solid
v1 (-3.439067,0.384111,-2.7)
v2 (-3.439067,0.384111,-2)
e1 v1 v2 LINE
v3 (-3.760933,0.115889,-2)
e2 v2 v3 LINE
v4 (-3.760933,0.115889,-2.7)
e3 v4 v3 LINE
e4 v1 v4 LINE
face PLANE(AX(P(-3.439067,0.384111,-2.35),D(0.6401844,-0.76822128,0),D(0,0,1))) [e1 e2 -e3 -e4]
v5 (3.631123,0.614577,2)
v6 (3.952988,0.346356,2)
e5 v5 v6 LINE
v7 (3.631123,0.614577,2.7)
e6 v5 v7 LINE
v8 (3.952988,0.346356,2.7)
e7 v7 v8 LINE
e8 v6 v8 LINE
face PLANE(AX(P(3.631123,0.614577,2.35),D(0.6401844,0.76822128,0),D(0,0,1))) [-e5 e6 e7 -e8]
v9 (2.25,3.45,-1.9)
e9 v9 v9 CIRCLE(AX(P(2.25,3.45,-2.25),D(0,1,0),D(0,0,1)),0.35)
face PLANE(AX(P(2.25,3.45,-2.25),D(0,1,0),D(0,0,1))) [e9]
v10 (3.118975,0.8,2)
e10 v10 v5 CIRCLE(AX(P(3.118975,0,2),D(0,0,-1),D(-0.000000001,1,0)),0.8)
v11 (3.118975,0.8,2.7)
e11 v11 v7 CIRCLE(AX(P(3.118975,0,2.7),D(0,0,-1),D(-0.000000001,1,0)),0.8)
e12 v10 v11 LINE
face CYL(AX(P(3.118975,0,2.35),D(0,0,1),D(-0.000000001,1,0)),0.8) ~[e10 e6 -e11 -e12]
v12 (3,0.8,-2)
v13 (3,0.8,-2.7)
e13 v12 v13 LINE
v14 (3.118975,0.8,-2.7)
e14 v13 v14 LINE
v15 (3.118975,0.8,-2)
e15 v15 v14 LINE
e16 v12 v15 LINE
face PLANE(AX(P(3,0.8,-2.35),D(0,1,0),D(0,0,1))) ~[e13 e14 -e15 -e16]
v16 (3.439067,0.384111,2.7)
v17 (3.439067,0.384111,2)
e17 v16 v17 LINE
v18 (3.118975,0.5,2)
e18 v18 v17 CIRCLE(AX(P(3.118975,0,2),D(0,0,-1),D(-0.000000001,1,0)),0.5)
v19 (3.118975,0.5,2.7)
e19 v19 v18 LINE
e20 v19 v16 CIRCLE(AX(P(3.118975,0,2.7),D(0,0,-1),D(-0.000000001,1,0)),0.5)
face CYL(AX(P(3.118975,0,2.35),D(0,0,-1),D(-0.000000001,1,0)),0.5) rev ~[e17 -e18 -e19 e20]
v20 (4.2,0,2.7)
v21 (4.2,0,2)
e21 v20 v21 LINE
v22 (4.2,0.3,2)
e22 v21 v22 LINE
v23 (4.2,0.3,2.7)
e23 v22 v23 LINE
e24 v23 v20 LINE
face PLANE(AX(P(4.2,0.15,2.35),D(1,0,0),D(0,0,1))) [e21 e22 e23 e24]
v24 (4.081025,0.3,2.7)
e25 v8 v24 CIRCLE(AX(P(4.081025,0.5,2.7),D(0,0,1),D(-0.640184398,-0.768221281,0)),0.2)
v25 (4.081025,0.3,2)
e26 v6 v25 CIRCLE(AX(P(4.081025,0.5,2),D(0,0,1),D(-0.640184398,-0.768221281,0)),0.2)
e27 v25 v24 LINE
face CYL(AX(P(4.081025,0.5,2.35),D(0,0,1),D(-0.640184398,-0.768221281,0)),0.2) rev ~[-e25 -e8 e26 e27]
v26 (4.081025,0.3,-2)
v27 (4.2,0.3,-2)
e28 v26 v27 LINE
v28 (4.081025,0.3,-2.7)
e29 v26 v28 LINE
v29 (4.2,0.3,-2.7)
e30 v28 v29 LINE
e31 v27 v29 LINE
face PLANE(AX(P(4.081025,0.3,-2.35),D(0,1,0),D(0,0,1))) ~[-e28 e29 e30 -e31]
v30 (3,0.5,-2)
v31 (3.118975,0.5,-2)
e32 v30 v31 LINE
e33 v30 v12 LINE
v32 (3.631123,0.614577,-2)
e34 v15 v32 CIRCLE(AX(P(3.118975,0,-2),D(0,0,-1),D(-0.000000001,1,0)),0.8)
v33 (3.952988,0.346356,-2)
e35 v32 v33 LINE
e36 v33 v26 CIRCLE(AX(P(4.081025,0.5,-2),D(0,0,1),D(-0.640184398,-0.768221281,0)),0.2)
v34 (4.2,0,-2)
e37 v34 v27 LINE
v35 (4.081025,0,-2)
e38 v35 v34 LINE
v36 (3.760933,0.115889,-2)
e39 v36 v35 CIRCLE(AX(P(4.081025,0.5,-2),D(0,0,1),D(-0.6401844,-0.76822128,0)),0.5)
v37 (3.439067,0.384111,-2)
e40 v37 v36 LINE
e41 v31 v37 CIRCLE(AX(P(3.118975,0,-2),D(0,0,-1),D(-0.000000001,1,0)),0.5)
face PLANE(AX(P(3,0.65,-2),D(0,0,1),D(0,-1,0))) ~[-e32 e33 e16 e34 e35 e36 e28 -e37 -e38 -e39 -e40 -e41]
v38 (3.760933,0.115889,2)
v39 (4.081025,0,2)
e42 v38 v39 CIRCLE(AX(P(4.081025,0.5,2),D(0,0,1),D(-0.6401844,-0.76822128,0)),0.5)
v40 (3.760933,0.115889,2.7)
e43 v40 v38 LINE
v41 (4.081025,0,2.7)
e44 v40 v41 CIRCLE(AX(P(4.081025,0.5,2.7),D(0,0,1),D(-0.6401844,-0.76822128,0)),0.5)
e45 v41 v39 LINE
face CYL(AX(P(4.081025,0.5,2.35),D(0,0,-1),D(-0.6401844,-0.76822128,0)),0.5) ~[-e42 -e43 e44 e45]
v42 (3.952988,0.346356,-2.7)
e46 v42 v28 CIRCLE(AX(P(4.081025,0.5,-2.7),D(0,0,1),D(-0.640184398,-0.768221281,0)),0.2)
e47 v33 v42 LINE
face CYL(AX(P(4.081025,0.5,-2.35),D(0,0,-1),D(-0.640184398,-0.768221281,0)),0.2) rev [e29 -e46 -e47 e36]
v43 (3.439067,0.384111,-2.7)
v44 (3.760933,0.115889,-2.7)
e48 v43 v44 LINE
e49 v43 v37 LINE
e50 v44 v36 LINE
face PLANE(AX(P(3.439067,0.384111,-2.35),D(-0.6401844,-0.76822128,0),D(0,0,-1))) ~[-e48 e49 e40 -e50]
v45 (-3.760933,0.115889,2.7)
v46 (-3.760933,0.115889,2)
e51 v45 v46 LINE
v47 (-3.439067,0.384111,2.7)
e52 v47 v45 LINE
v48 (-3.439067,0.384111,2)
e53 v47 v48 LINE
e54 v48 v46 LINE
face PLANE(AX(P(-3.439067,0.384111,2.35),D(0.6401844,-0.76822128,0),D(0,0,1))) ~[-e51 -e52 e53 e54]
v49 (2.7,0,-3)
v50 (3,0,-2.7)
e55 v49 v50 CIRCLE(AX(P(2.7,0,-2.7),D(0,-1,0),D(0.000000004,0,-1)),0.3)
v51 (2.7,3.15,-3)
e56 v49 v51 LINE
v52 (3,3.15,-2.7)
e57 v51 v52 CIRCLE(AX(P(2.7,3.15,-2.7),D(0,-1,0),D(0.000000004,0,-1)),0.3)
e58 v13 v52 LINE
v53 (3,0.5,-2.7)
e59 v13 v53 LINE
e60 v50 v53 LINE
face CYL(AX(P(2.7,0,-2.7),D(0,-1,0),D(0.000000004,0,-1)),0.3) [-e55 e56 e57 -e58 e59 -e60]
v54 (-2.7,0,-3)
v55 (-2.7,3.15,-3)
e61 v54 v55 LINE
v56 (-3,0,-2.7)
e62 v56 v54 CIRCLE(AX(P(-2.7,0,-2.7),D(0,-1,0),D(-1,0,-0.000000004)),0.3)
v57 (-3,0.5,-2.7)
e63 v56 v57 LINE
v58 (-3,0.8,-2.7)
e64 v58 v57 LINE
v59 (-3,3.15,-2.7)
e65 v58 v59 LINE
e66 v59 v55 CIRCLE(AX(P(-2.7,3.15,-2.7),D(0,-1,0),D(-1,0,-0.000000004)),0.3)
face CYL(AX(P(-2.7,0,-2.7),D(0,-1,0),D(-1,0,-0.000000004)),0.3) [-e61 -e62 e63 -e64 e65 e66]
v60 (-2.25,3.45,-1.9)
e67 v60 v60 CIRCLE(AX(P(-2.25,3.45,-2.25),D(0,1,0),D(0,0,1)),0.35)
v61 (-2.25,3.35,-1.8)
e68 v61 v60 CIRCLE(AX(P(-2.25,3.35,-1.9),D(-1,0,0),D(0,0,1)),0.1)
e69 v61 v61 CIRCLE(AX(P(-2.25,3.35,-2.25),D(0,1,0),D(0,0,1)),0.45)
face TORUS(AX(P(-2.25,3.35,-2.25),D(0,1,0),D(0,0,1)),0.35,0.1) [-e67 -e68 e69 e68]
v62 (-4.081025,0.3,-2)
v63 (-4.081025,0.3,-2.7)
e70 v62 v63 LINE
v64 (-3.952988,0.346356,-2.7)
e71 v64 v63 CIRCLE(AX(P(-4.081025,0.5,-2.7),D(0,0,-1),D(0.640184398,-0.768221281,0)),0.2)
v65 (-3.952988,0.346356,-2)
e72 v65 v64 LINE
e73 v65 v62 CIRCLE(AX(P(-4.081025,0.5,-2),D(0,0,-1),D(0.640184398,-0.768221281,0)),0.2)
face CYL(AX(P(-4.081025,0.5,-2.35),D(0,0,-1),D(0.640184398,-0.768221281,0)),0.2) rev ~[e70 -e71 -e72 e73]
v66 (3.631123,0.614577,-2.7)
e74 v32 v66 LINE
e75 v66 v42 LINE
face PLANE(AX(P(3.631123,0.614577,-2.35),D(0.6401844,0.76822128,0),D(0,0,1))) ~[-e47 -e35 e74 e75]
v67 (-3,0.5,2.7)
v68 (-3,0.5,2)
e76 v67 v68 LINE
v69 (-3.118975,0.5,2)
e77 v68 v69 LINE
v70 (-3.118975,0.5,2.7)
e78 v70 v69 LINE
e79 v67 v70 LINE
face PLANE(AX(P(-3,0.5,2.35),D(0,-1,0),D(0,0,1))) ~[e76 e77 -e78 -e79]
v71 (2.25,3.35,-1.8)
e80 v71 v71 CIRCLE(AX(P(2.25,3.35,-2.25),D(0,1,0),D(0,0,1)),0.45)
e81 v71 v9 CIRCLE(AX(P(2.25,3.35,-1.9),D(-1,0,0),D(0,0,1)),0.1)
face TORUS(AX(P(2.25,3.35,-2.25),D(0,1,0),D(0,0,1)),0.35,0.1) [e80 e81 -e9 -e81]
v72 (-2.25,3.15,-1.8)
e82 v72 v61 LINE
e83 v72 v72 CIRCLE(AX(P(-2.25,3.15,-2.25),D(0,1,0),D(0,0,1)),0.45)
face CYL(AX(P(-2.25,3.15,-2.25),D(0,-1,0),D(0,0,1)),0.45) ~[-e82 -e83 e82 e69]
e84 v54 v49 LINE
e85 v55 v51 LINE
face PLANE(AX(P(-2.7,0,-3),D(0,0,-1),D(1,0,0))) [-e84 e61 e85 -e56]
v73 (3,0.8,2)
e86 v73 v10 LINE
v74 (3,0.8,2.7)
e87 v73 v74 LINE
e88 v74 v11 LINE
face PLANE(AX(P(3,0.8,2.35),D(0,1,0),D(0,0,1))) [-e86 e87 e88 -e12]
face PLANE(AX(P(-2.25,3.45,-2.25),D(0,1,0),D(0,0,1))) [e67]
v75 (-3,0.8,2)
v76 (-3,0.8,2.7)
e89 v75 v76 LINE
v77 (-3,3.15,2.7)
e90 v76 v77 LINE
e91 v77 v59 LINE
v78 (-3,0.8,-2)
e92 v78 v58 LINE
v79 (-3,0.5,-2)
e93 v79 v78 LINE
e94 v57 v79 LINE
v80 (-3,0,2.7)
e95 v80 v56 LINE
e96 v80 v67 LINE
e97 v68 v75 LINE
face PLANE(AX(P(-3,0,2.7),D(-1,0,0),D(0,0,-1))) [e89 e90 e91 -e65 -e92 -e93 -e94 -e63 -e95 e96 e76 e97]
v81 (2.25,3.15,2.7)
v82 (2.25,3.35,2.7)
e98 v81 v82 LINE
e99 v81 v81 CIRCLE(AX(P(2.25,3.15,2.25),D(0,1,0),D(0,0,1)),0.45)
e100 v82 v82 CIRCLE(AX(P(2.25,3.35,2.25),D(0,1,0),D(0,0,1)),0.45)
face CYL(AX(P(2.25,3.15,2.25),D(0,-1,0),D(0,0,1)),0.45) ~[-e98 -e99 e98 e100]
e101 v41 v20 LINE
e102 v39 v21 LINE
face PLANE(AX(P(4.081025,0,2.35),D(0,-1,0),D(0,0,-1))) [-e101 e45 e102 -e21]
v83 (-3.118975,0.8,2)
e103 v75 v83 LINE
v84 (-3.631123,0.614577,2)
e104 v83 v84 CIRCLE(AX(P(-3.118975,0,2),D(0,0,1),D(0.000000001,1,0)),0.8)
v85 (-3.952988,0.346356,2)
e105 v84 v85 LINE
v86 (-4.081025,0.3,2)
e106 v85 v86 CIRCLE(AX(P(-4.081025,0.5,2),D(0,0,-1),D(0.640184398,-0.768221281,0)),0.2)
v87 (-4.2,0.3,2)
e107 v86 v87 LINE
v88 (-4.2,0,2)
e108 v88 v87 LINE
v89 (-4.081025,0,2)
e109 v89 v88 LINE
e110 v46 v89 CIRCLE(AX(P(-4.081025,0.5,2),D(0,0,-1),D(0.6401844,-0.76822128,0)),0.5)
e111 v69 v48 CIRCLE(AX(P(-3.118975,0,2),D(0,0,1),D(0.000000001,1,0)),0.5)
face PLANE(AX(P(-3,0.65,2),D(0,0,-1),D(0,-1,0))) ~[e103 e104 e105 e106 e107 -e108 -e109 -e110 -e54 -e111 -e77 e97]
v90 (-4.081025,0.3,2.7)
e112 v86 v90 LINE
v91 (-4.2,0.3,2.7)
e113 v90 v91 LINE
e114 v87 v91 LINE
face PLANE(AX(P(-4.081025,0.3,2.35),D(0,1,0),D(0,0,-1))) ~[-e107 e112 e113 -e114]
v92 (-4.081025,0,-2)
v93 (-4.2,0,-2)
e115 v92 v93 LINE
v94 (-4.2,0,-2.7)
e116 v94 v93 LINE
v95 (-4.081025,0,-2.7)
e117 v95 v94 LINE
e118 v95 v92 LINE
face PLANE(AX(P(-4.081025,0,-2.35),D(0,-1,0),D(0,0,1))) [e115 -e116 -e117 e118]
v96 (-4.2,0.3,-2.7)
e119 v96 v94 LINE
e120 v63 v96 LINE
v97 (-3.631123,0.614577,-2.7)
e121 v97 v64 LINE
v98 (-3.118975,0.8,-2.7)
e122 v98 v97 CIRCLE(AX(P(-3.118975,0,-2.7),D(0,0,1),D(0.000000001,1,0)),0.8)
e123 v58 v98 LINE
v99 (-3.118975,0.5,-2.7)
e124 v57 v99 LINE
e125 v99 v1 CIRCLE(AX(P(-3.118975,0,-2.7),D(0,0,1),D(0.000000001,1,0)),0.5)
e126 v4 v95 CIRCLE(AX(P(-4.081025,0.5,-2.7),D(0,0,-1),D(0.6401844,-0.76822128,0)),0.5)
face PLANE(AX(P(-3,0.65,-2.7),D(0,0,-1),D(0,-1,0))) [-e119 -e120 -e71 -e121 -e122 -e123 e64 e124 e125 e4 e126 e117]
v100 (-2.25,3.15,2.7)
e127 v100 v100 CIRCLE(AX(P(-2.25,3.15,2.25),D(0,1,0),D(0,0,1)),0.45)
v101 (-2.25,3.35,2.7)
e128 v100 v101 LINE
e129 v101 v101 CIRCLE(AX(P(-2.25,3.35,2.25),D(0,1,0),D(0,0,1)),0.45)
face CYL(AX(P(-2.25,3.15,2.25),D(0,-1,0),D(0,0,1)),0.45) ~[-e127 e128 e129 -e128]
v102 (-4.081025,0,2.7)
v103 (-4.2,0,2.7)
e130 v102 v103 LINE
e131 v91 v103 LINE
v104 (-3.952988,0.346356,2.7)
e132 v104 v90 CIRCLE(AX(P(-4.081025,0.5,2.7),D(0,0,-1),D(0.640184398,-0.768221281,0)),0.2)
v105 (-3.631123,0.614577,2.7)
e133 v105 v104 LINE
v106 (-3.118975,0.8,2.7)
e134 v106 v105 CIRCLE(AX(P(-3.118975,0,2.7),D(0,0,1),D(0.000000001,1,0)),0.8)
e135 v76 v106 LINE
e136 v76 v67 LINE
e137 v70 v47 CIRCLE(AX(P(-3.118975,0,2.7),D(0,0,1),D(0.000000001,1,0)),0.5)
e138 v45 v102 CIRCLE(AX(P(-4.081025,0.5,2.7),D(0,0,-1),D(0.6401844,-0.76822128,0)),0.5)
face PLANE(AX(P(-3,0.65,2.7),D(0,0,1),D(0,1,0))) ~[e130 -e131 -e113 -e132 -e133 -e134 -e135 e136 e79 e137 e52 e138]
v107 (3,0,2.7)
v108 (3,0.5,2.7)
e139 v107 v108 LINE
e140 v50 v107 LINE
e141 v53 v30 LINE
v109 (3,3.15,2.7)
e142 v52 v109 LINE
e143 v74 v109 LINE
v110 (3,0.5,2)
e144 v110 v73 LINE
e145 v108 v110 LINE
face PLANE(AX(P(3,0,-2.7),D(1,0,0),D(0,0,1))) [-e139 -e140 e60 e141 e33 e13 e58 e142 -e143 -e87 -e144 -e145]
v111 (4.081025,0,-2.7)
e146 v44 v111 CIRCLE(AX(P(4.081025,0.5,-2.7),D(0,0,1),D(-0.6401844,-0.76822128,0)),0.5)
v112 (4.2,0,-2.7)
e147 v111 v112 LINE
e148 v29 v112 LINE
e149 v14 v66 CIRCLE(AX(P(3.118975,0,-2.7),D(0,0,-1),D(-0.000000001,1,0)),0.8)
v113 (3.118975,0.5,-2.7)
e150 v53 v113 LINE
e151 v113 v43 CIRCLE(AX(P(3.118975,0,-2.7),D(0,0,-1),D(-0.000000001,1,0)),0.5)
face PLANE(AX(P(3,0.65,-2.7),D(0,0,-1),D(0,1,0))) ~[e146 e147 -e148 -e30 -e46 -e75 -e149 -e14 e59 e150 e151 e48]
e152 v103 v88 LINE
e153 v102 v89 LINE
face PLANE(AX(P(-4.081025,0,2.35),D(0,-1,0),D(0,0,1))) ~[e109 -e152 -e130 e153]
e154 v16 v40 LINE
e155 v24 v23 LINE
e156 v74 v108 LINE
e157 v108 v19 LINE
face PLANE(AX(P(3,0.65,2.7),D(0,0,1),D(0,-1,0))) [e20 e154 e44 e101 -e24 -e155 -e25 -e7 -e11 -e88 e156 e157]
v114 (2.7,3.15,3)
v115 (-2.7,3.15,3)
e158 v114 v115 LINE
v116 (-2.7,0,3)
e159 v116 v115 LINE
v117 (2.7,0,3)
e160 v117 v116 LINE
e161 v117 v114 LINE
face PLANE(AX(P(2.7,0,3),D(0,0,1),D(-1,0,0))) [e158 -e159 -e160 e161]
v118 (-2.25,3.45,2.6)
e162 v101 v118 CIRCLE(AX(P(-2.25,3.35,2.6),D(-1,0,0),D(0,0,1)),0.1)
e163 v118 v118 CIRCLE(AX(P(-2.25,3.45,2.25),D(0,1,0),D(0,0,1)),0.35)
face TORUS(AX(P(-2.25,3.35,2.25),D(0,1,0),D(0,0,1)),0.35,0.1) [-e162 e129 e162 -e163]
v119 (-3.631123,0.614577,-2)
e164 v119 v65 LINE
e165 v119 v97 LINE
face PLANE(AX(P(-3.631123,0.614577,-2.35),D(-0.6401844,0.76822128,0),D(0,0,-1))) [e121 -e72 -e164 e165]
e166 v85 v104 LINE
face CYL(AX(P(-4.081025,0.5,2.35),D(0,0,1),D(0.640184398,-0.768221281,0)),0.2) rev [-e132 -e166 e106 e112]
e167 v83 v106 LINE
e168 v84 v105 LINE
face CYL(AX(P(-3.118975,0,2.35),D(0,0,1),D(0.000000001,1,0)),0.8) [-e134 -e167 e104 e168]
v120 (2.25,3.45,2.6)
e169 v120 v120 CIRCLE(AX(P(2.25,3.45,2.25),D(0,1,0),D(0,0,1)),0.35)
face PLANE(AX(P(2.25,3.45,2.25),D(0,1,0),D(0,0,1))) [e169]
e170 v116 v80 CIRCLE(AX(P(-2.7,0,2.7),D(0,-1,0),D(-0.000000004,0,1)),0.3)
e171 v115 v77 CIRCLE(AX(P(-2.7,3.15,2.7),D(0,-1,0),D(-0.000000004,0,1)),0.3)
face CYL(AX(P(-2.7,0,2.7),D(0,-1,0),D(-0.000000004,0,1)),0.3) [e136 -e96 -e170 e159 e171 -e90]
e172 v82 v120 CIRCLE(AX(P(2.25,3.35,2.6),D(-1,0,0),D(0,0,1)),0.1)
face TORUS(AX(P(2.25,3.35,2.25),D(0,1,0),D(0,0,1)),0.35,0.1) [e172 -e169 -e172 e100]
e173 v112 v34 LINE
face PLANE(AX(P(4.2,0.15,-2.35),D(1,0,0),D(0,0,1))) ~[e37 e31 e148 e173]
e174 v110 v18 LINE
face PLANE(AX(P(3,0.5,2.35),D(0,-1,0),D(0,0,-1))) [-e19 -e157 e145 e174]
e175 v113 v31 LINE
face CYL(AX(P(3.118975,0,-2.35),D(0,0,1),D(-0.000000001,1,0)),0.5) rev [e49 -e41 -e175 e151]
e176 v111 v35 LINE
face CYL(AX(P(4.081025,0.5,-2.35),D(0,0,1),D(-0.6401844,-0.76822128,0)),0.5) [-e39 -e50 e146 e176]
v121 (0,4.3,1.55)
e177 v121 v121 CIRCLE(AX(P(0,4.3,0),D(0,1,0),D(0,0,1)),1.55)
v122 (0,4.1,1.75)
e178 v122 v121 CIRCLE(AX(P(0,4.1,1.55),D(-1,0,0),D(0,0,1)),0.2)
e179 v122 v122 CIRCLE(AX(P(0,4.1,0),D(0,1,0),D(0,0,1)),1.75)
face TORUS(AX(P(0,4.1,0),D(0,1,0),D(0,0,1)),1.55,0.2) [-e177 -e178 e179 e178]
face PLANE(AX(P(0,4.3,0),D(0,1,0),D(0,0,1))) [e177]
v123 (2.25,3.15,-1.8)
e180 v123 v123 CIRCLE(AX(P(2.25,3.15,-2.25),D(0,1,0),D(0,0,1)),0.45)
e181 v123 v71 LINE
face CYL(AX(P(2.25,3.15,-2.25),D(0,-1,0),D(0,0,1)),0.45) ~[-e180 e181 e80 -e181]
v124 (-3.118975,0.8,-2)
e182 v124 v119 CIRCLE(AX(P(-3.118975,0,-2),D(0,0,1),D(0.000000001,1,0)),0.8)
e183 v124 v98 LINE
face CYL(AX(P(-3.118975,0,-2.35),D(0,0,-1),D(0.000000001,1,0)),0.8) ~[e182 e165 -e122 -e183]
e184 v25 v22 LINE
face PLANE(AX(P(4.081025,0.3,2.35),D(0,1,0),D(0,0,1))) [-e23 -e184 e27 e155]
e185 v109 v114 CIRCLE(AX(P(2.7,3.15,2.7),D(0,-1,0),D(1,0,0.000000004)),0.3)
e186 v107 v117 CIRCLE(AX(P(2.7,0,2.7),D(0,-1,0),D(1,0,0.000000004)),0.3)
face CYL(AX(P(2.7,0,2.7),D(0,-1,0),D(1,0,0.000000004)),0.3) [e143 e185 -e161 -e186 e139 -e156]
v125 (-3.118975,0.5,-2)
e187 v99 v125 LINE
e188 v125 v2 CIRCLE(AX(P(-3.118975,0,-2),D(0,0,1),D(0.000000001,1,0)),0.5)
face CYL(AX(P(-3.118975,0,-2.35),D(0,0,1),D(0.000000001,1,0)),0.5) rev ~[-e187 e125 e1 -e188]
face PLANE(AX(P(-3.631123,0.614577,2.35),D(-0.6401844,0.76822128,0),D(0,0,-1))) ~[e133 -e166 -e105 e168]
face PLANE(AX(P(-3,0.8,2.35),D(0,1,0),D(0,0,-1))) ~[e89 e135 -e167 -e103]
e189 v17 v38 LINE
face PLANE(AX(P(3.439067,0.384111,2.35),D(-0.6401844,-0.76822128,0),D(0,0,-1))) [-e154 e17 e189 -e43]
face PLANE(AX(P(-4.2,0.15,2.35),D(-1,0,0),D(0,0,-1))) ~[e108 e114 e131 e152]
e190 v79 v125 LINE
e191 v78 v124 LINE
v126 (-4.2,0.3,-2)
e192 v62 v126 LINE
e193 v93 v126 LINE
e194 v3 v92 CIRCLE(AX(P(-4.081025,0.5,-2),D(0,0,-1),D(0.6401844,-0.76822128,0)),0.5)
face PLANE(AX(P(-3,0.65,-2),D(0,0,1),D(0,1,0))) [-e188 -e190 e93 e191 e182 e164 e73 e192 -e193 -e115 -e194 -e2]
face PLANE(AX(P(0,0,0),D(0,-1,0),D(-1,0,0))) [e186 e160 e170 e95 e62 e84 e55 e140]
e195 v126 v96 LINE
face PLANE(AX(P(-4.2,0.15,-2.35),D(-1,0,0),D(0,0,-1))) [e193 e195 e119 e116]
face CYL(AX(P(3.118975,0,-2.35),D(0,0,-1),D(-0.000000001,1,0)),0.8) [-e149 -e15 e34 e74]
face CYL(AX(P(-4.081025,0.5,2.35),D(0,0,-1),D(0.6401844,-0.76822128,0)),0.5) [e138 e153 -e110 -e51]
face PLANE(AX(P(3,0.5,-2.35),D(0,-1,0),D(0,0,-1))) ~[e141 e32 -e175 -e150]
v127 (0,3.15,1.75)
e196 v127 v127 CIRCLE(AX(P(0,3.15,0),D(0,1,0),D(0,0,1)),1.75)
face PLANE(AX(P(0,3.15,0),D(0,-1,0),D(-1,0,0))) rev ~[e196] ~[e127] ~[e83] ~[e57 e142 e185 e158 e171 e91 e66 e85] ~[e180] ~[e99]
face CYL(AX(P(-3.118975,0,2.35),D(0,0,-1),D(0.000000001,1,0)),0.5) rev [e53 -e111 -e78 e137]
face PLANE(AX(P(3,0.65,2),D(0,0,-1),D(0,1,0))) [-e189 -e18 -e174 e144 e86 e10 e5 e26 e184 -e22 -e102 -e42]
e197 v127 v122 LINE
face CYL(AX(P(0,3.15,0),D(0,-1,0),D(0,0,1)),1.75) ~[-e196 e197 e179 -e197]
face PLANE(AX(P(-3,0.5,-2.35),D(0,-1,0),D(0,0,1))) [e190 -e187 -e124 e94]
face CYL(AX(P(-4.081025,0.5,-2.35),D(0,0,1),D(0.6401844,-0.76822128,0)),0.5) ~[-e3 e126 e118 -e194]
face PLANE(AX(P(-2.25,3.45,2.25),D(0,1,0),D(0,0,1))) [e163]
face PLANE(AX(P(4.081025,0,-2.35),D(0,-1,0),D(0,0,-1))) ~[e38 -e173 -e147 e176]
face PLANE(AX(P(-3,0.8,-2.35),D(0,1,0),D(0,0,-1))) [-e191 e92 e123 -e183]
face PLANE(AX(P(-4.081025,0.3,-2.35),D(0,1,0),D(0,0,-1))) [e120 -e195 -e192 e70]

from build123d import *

# Parameters (mm, degrees)
BOSS_EXTRUDE1_DEPTH     = 3.15
SKETCH2_R               = 1.75
BOSS_EXTRUDE2_DEPTH     = 1.15
FILLET1_R               = 0.2
SKETCH3_R               = 0.45
BOSS_EXTRUDE3_DEPTH     = 0.3
SKETCH4_W               = 0.7
SKETCH4_H               = 0.3
MIRROR2_COPY_1_SKETCH_W = 0.7
MIRROR2_COPY_1_SKETCH_H = 0.3
FILLET2_R               = 0.1


with BuildPart() as part:
    # Sketch1 → Boss-Extrude1 (new body)
    with BuildSketch(Plane(origin=(0, 0, 0), x_dir=(1, 0, 0), z_dir=(0, 1, 0))):
        with BuildLine():
            Line((-2.7, 3), (2.7, 3))
            ThreePointArc((2.7, 3), (2.912132034, 2.912132034), (3, 2.7))
            Line((3, 2.7), (3, -2.7))
            ThreePointArc((3, -2.7), (2.912132034, -2.912132034), (2.7, -3))
            Line((2.7, -3), (-2.7, -3))
            ThreePointArc((-2.7, -3), (-2.912132034, -2.912132034), (-3, -2.7))
            Line((-3, -2.7), (-3, 2.7))
            ThreePointArc((-3, 2.7), (-2.912132034, 2.912132034), (-2.7, 3))
        make_face()
    extrude(amount=BOSS_EXTRUDE1_DEPTH)

    # Sketch2 → Boss-Extrude2 (add)
    with BuildSketch(Plane(origin=(0, 3.15, 0), x_dir=(1, 0, 0), z_dir=(0, 1, 0))):
        with Locations(Location((0, 0, 0), (0, 0, 270))):
            Circle(SKETCH2_R)
    extrude(amount=BOSS_EXTRUDE2_DEPTH)

    # Fillet1
    fillet1_edges = [part.edges().sort_by_distance(p)[0] for p in [
        (0, 4.3, -1.75),
    ]]
    fillet(fillet1_edges, radius=FILLET1_R)

    # Sketch3 → Boss-Extrude3 (add)
    with BuildSketch(Plane(origin=(0, 3.15, 0), x_dir=(1, 0, 0), z_dir=(0, 1, 0))):
        with Locations(Location((-2.25, 2.25, 0), (0, 0, 270))):
            Circle(SKETCH3_R)
        with Locations(Location((2.25, 2.25, 0), (0, 0, 270))):
            Circle(SKETCH3_R)
        with Locations(Location((2.25, -2.25, 0), (0, 0, 270))):
            Circle(SKETCH3_R)
        with Locations(Location((-2.25, -2.25, 0), (0, 0, 270))):
            Circle(SKETCH3_R)
    extrude(amount=BOSS_EXTRUDE3_DEPTH)

    # Sweep1: sweep along a path in Sketch5
    with BuildLine(Plane.XY.offset(2.7)) as sweep1_path:
        Line((3, 0.5), (3.118975032, 0.5))
        ThreePointArc((3.118975032, 0.5), (3.289187664, 0.470135789), (3.439067232, 0.38411064))
        Line((3.439067232, 0.38411064), (3.760932768, 0.11588936))
        ThreePointArc((3.760932768, 0.11588936), (3.910812336, 0.029864211), (4.081024968, 0))
        Line((4.081024968, 0), (4.2, 0))
    # Sketch4 → Sweep1 (sweep)
    with BuildSketch(Plane(origin=(3, 0, 0), x_dir=(0, 0, -1), z_dir=(1, 0, 0))):
        with Locations((-2.35, 0.65)):
            Rectangle(SKETCH4_W, SKETCH4_H)
    sweep1 = sweep(path=sweep1_path.line)

    # Mirror1: Sweep1 across plane
    add(sweep1.mirror(Plane.XY))

    # Mirror2: Sweep1 across plane
    add(sweep1.mirror(Plane(origin=(0, 0, 0), x_dir=(0, 0, 1), z_dir=(1, 0, 0))))

    # Mirror2 copy 1: sweep along a path in Mirror2 copy 1 path
    with BuildLine(Plane(origin=(0, 0, -2.7), x_dir=(-1, 0, 0), z_dir=(0, 0, -1))) as mirror2_copy_1_path:
        Line((3, 0.5), (3.118975032, 0.5))
        ThreePointArc((3.118975032, 0.5), (3.289187664, 0.470135789), (3.439067232, 0.38411064))
        Line((3.439067232, 0.38411064), (3.760932768, 0.11588936))
        ThreePointArc((3.760932768, 0.11588936), (3.910812336, 0.029864211), (4.081024968, 0))
        Line((4.081024968, 0), (4.2, 0))
    # Mirror2 copy 1 sketch → Mirror2 copy 1 (sweep)
    with BuildSketch(Plane.ZY.offset(3)):
        with Locations((-2.35, 0.65)):
            Rectangle(MIRROR2_COPY_1_SKETCH_W, MIRROR2_COPY_1_SKETCH_H)
    sweep(path=mirror2_copy_1_path.line)

    # Fillet2
    fillet2_edges = [part.edges().sort_by_distance(p)[0] for p in [
        (-2.25, 3.45, -2.7),
        (2.25, 3.45, -2.7),
        (2.25, 3.45, 1.8),
        (-2.25, 3.45, 1.8),
    ]]
    fillet(fillet2_edges, radius=FILLET2_R)


solid = part.part
